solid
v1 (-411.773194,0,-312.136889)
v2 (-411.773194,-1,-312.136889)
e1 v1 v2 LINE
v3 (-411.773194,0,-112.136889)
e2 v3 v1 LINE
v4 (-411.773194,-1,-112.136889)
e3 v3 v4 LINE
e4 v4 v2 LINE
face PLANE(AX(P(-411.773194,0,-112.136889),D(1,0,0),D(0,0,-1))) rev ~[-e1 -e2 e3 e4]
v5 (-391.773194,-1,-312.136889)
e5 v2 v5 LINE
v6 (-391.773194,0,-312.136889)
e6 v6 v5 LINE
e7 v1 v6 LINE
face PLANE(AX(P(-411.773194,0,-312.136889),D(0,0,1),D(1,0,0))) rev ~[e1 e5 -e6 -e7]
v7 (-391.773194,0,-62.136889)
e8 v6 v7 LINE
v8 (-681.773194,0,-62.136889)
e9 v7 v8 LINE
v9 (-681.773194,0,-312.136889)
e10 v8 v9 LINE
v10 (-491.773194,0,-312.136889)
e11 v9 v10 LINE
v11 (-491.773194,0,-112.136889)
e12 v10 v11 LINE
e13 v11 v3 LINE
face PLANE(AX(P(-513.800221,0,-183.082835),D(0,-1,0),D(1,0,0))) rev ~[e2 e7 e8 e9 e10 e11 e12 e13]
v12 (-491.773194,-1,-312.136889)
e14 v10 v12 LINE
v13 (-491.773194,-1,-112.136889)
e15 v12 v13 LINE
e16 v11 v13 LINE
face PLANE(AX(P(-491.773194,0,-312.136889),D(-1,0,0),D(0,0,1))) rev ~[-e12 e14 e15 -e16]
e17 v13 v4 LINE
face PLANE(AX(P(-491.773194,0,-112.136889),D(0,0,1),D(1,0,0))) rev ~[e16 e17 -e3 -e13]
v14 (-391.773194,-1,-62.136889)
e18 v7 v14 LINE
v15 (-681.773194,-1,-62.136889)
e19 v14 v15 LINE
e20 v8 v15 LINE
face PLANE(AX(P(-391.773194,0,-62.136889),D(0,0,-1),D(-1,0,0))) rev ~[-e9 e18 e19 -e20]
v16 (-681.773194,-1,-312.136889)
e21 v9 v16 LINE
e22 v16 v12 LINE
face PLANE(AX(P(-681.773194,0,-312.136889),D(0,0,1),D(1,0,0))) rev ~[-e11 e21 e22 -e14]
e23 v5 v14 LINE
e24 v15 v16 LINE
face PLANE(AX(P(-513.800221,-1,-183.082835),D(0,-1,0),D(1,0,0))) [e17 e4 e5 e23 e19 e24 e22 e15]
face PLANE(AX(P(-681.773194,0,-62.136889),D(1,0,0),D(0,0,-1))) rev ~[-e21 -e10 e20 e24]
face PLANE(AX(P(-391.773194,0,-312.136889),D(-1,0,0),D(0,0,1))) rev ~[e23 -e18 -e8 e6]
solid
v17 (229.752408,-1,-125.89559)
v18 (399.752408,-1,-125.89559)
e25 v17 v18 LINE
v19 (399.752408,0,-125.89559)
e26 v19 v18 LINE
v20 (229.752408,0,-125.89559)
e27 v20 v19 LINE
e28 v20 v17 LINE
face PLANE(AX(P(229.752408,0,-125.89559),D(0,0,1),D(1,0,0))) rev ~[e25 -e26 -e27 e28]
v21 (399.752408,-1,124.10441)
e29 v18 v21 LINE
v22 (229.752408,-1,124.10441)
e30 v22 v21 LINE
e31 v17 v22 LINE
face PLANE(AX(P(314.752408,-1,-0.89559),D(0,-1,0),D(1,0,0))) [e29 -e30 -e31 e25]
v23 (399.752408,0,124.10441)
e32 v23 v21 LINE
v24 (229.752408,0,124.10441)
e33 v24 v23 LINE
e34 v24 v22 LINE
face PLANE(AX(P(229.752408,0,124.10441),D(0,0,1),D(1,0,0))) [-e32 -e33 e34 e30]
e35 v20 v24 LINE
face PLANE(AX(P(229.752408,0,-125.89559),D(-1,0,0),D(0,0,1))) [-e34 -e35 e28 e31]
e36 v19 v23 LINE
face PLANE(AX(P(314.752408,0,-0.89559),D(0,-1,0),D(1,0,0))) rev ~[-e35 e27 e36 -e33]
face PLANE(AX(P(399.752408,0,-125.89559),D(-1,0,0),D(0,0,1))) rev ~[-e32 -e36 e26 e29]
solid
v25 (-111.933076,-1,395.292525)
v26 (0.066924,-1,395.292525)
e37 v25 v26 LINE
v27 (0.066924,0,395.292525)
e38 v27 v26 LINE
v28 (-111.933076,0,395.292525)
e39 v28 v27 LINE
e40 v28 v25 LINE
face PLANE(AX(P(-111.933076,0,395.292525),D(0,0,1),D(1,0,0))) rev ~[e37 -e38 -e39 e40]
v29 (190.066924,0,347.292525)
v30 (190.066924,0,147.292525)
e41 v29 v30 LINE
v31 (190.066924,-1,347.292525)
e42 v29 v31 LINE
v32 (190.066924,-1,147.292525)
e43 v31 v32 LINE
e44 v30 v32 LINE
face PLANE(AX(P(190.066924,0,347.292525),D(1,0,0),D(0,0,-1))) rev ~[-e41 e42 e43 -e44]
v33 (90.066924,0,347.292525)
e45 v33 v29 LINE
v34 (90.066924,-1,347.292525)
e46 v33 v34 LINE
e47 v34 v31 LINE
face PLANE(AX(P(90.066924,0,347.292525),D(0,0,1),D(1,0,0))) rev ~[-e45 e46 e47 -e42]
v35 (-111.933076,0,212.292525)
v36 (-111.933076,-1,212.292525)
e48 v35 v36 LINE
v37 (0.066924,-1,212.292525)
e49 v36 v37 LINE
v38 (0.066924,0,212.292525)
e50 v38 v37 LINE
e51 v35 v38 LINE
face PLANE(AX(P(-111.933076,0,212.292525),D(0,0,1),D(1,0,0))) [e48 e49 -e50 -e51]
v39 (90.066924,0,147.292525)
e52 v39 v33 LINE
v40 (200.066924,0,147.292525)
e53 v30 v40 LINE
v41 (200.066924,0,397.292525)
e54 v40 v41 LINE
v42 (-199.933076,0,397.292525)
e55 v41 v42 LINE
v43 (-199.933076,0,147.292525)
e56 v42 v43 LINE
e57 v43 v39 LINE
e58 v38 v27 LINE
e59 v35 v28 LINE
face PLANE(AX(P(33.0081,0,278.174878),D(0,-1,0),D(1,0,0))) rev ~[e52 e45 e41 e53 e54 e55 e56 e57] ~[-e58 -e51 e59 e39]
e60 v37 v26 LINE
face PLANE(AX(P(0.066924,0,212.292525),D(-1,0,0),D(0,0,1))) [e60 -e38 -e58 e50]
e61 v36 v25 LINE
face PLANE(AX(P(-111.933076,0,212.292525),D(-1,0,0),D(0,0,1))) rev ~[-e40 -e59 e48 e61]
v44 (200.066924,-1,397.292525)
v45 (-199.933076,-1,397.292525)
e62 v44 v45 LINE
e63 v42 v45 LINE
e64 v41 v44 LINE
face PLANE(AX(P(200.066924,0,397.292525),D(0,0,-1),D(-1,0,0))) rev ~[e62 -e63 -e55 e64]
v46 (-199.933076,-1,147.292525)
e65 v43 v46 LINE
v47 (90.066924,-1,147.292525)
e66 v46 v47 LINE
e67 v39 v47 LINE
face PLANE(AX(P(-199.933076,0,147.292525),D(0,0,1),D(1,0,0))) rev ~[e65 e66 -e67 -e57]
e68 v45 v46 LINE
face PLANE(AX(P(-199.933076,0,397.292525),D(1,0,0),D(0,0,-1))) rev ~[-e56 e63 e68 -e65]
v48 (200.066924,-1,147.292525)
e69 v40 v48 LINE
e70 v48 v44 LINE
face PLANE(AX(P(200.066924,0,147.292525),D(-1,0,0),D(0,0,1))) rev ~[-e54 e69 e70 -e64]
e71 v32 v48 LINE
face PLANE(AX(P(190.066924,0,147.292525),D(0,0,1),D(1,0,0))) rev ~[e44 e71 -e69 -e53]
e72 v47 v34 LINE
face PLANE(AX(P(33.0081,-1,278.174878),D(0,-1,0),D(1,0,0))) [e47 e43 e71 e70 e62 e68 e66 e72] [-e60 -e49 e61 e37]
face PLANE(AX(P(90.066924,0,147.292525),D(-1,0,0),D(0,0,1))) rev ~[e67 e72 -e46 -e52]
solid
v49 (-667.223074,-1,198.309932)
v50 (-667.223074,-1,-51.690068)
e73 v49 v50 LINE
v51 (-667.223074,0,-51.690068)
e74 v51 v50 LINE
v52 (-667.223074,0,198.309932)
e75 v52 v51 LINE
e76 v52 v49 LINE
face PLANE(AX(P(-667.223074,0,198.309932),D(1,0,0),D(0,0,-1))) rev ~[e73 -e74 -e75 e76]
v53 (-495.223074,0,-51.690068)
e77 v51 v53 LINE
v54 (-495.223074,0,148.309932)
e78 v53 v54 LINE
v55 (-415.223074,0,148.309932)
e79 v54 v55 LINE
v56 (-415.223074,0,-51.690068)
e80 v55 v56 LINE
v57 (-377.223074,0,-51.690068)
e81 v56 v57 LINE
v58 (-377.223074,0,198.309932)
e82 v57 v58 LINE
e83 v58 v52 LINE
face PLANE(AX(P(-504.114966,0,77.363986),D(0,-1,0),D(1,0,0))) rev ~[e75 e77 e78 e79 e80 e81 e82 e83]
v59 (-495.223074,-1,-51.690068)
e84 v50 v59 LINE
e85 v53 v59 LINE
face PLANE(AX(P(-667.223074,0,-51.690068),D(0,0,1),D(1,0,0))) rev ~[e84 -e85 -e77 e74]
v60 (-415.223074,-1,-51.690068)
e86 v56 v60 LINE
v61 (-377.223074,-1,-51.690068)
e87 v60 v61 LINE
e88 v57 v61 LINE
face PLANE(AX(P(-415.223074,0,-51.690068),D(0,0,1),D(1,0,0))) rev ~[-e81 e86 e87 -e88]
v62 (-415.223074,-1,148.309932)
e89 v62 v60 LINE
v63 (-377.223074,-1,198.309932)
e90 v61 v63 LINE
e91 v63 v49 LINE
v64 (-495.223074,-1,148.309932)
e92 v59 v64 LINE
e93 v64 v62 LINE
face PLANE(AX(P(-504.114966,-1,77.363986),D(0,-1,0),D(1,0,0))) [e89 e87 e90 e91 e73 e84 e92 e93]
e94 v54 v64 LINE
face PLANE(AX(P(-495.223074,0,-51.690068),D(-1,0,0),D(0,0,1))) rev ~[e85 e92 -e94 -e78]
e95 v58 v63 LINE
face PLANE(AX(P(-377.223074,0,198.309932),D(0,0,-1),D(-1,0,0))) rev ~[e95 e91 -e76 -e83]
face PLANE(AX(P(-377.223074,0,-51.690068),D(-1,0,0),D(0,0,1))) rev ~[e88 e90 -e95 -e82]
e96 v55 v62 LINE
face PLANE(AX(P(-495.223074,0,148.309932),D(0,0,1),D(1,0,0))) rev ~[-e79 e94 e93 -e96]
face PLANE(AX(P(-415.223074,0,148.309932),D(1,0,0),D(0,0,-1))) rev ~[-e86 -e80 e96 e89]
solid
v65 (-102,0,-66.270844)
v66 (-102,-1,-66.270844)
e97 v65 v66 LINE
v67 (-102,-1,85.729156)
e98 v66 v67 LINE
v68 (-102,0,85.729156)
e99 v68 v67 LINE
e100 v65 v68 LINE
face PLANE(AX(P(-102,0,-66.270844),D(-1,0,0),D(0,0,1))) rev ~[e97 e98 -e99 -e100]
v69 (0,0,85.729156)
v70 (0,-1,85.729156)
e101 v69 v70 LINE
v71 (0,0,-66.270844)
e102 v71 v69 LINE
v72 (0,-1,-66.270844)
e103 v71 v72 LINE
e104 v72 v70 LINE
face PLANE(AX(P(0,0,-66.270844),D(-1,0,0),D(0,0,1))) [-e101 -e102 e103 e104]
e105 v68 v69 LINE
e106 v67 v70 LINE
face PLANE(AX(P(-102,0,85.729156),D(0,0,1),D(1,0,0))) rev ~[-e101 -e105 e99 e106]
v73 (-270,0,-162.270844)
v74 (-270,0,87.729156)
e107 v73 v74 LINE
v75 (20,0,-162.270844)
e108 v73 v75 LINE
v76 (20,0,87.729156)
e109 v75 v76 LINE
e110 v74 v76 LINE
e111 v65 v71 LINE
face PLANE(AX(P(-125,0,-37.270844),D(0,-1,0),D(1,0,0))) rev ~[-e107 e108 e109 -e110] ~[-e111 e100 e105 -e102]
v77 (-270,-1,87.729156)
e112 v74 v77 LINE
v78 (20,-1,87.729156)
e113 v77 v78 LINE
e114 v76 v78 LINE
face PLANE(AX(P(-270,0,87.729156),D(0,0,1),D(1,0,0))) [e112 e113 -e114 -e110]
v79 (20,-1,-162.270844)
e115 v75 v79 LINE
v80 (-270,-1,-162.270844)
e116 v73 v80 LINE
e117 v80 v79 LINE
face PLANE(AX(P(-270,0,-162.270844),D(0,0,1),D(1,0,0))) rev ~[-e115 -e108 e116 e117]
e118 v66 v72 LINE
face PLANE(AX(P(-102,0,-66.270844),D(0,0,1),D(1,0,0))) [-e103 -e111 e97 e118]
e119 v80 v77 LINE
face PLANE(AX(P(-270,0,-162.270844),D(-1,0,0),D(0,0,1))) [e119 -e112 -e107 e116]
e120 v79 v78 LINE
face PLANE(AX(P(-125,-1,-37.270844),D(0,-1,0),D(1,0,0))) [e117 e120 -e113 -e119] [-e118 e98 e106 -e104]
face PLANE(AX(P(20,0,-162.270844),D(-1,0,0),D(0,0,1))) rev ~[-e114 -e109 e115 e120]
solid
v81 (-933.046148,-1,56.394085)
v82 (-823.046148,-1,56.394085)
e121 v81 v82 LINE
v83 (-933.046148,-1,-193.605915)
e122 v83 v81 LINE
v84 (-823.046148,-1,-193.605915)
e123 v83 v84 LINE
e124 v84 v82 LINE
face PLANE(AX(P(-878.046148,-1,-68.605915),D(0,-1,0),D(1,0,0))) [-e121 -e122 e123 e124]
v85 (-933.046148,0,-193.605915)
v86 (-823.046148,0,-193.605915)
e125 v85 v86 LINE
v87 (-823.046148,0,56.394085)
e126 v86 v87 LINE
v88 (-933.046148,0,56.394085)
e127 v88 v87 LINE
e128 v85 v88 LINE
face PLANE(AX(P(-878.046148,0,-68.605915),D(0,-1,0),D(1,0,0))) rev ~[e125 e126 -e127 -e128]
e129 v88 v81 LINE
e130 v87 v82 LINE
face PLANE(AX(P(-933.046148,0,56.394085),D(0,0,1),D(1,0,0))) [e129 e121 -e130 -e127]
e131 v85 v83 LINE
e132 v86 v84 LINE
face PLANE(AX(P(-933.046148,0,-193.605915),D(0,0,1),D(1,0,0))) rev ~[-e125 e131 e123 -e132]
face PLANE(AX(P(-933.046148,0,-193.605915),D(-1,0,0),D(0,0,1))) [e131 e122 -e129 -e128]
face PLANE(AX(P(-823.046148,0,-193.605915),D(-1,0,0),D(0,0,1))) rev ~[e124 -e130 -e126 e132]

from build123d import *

# Parameters (mm, degrees)
F0_W     = 112
F0_H     = 183
F0_W_2   = 290
F0_H_2   = 250
F0_W_3   = 102
F0_H_3   = 152
F0_W_4   = 170
F1_DEPTH = 1
F2_W     = 110
F2_H     = 250
F3_DEPTH = 1


with BuildPart() as f1:
    # F0 (on Front) → F1 (new body)
    with BuildSketch(Plane.XZ):
        Polygon((-377.223074, 198.309932), (-667.223074, 198.309932), (-667.223074, -51.690068), (-495.223074, -51.690068), (-495.223074, 148.309932), (-415.223074, 148.309932), (-415.223074, -51.690068), (-377.223074, -51.690068), align=None)
        Polygon((-391.773194, -62.136889), (-681.773194, -62.136889), (-681.773194, -312.136889), (-491.773194, -312.136889), (-491.773194, -112.136889), (-411.773194, -112.136889), (-411.773194, -312.136889), (-391.773194, -312.136889), align=None)
        Polygon((200.066924, 397.292525), (-199.933076, 397.292525), (-199.933076, 147.292525), (90.066924, 147.292525), (90.066924, 347.292525), (190.066924, 347.292525), (190.066924, 147.292525), (200.066924, 147.292525), align=None)
        with Locations((-55.933076, 303.792525)):
            Rectangle(F0_W, F0_H, mode=Mode.SUBTRACT)
        with Locations((-125, -37.270844)):
            Rectangle(F0_W_2, F0_H_2)
        with Locations((-51, 9.729156)):
            Rectangle(F0_W_3, F0_H_3, mode=Mode.SUBTRACT)
        with Locations((314.752408, -0.89559)):
            Rectangle(F0_W_4, F0_H_2)
    extrude(amount=F1_DEPTH)


with BuildPart() as f3:
    # F2 (on Front) → F3 (new body)
    with BuildSketch(Plane.XZ):
        with Locations((-878.046148, -68.605915)):
            Rectangle(F2_W, F2_H)
    extrude(amount=F3_DEPTH)


solid = Compound([f1.part, f3.part])
